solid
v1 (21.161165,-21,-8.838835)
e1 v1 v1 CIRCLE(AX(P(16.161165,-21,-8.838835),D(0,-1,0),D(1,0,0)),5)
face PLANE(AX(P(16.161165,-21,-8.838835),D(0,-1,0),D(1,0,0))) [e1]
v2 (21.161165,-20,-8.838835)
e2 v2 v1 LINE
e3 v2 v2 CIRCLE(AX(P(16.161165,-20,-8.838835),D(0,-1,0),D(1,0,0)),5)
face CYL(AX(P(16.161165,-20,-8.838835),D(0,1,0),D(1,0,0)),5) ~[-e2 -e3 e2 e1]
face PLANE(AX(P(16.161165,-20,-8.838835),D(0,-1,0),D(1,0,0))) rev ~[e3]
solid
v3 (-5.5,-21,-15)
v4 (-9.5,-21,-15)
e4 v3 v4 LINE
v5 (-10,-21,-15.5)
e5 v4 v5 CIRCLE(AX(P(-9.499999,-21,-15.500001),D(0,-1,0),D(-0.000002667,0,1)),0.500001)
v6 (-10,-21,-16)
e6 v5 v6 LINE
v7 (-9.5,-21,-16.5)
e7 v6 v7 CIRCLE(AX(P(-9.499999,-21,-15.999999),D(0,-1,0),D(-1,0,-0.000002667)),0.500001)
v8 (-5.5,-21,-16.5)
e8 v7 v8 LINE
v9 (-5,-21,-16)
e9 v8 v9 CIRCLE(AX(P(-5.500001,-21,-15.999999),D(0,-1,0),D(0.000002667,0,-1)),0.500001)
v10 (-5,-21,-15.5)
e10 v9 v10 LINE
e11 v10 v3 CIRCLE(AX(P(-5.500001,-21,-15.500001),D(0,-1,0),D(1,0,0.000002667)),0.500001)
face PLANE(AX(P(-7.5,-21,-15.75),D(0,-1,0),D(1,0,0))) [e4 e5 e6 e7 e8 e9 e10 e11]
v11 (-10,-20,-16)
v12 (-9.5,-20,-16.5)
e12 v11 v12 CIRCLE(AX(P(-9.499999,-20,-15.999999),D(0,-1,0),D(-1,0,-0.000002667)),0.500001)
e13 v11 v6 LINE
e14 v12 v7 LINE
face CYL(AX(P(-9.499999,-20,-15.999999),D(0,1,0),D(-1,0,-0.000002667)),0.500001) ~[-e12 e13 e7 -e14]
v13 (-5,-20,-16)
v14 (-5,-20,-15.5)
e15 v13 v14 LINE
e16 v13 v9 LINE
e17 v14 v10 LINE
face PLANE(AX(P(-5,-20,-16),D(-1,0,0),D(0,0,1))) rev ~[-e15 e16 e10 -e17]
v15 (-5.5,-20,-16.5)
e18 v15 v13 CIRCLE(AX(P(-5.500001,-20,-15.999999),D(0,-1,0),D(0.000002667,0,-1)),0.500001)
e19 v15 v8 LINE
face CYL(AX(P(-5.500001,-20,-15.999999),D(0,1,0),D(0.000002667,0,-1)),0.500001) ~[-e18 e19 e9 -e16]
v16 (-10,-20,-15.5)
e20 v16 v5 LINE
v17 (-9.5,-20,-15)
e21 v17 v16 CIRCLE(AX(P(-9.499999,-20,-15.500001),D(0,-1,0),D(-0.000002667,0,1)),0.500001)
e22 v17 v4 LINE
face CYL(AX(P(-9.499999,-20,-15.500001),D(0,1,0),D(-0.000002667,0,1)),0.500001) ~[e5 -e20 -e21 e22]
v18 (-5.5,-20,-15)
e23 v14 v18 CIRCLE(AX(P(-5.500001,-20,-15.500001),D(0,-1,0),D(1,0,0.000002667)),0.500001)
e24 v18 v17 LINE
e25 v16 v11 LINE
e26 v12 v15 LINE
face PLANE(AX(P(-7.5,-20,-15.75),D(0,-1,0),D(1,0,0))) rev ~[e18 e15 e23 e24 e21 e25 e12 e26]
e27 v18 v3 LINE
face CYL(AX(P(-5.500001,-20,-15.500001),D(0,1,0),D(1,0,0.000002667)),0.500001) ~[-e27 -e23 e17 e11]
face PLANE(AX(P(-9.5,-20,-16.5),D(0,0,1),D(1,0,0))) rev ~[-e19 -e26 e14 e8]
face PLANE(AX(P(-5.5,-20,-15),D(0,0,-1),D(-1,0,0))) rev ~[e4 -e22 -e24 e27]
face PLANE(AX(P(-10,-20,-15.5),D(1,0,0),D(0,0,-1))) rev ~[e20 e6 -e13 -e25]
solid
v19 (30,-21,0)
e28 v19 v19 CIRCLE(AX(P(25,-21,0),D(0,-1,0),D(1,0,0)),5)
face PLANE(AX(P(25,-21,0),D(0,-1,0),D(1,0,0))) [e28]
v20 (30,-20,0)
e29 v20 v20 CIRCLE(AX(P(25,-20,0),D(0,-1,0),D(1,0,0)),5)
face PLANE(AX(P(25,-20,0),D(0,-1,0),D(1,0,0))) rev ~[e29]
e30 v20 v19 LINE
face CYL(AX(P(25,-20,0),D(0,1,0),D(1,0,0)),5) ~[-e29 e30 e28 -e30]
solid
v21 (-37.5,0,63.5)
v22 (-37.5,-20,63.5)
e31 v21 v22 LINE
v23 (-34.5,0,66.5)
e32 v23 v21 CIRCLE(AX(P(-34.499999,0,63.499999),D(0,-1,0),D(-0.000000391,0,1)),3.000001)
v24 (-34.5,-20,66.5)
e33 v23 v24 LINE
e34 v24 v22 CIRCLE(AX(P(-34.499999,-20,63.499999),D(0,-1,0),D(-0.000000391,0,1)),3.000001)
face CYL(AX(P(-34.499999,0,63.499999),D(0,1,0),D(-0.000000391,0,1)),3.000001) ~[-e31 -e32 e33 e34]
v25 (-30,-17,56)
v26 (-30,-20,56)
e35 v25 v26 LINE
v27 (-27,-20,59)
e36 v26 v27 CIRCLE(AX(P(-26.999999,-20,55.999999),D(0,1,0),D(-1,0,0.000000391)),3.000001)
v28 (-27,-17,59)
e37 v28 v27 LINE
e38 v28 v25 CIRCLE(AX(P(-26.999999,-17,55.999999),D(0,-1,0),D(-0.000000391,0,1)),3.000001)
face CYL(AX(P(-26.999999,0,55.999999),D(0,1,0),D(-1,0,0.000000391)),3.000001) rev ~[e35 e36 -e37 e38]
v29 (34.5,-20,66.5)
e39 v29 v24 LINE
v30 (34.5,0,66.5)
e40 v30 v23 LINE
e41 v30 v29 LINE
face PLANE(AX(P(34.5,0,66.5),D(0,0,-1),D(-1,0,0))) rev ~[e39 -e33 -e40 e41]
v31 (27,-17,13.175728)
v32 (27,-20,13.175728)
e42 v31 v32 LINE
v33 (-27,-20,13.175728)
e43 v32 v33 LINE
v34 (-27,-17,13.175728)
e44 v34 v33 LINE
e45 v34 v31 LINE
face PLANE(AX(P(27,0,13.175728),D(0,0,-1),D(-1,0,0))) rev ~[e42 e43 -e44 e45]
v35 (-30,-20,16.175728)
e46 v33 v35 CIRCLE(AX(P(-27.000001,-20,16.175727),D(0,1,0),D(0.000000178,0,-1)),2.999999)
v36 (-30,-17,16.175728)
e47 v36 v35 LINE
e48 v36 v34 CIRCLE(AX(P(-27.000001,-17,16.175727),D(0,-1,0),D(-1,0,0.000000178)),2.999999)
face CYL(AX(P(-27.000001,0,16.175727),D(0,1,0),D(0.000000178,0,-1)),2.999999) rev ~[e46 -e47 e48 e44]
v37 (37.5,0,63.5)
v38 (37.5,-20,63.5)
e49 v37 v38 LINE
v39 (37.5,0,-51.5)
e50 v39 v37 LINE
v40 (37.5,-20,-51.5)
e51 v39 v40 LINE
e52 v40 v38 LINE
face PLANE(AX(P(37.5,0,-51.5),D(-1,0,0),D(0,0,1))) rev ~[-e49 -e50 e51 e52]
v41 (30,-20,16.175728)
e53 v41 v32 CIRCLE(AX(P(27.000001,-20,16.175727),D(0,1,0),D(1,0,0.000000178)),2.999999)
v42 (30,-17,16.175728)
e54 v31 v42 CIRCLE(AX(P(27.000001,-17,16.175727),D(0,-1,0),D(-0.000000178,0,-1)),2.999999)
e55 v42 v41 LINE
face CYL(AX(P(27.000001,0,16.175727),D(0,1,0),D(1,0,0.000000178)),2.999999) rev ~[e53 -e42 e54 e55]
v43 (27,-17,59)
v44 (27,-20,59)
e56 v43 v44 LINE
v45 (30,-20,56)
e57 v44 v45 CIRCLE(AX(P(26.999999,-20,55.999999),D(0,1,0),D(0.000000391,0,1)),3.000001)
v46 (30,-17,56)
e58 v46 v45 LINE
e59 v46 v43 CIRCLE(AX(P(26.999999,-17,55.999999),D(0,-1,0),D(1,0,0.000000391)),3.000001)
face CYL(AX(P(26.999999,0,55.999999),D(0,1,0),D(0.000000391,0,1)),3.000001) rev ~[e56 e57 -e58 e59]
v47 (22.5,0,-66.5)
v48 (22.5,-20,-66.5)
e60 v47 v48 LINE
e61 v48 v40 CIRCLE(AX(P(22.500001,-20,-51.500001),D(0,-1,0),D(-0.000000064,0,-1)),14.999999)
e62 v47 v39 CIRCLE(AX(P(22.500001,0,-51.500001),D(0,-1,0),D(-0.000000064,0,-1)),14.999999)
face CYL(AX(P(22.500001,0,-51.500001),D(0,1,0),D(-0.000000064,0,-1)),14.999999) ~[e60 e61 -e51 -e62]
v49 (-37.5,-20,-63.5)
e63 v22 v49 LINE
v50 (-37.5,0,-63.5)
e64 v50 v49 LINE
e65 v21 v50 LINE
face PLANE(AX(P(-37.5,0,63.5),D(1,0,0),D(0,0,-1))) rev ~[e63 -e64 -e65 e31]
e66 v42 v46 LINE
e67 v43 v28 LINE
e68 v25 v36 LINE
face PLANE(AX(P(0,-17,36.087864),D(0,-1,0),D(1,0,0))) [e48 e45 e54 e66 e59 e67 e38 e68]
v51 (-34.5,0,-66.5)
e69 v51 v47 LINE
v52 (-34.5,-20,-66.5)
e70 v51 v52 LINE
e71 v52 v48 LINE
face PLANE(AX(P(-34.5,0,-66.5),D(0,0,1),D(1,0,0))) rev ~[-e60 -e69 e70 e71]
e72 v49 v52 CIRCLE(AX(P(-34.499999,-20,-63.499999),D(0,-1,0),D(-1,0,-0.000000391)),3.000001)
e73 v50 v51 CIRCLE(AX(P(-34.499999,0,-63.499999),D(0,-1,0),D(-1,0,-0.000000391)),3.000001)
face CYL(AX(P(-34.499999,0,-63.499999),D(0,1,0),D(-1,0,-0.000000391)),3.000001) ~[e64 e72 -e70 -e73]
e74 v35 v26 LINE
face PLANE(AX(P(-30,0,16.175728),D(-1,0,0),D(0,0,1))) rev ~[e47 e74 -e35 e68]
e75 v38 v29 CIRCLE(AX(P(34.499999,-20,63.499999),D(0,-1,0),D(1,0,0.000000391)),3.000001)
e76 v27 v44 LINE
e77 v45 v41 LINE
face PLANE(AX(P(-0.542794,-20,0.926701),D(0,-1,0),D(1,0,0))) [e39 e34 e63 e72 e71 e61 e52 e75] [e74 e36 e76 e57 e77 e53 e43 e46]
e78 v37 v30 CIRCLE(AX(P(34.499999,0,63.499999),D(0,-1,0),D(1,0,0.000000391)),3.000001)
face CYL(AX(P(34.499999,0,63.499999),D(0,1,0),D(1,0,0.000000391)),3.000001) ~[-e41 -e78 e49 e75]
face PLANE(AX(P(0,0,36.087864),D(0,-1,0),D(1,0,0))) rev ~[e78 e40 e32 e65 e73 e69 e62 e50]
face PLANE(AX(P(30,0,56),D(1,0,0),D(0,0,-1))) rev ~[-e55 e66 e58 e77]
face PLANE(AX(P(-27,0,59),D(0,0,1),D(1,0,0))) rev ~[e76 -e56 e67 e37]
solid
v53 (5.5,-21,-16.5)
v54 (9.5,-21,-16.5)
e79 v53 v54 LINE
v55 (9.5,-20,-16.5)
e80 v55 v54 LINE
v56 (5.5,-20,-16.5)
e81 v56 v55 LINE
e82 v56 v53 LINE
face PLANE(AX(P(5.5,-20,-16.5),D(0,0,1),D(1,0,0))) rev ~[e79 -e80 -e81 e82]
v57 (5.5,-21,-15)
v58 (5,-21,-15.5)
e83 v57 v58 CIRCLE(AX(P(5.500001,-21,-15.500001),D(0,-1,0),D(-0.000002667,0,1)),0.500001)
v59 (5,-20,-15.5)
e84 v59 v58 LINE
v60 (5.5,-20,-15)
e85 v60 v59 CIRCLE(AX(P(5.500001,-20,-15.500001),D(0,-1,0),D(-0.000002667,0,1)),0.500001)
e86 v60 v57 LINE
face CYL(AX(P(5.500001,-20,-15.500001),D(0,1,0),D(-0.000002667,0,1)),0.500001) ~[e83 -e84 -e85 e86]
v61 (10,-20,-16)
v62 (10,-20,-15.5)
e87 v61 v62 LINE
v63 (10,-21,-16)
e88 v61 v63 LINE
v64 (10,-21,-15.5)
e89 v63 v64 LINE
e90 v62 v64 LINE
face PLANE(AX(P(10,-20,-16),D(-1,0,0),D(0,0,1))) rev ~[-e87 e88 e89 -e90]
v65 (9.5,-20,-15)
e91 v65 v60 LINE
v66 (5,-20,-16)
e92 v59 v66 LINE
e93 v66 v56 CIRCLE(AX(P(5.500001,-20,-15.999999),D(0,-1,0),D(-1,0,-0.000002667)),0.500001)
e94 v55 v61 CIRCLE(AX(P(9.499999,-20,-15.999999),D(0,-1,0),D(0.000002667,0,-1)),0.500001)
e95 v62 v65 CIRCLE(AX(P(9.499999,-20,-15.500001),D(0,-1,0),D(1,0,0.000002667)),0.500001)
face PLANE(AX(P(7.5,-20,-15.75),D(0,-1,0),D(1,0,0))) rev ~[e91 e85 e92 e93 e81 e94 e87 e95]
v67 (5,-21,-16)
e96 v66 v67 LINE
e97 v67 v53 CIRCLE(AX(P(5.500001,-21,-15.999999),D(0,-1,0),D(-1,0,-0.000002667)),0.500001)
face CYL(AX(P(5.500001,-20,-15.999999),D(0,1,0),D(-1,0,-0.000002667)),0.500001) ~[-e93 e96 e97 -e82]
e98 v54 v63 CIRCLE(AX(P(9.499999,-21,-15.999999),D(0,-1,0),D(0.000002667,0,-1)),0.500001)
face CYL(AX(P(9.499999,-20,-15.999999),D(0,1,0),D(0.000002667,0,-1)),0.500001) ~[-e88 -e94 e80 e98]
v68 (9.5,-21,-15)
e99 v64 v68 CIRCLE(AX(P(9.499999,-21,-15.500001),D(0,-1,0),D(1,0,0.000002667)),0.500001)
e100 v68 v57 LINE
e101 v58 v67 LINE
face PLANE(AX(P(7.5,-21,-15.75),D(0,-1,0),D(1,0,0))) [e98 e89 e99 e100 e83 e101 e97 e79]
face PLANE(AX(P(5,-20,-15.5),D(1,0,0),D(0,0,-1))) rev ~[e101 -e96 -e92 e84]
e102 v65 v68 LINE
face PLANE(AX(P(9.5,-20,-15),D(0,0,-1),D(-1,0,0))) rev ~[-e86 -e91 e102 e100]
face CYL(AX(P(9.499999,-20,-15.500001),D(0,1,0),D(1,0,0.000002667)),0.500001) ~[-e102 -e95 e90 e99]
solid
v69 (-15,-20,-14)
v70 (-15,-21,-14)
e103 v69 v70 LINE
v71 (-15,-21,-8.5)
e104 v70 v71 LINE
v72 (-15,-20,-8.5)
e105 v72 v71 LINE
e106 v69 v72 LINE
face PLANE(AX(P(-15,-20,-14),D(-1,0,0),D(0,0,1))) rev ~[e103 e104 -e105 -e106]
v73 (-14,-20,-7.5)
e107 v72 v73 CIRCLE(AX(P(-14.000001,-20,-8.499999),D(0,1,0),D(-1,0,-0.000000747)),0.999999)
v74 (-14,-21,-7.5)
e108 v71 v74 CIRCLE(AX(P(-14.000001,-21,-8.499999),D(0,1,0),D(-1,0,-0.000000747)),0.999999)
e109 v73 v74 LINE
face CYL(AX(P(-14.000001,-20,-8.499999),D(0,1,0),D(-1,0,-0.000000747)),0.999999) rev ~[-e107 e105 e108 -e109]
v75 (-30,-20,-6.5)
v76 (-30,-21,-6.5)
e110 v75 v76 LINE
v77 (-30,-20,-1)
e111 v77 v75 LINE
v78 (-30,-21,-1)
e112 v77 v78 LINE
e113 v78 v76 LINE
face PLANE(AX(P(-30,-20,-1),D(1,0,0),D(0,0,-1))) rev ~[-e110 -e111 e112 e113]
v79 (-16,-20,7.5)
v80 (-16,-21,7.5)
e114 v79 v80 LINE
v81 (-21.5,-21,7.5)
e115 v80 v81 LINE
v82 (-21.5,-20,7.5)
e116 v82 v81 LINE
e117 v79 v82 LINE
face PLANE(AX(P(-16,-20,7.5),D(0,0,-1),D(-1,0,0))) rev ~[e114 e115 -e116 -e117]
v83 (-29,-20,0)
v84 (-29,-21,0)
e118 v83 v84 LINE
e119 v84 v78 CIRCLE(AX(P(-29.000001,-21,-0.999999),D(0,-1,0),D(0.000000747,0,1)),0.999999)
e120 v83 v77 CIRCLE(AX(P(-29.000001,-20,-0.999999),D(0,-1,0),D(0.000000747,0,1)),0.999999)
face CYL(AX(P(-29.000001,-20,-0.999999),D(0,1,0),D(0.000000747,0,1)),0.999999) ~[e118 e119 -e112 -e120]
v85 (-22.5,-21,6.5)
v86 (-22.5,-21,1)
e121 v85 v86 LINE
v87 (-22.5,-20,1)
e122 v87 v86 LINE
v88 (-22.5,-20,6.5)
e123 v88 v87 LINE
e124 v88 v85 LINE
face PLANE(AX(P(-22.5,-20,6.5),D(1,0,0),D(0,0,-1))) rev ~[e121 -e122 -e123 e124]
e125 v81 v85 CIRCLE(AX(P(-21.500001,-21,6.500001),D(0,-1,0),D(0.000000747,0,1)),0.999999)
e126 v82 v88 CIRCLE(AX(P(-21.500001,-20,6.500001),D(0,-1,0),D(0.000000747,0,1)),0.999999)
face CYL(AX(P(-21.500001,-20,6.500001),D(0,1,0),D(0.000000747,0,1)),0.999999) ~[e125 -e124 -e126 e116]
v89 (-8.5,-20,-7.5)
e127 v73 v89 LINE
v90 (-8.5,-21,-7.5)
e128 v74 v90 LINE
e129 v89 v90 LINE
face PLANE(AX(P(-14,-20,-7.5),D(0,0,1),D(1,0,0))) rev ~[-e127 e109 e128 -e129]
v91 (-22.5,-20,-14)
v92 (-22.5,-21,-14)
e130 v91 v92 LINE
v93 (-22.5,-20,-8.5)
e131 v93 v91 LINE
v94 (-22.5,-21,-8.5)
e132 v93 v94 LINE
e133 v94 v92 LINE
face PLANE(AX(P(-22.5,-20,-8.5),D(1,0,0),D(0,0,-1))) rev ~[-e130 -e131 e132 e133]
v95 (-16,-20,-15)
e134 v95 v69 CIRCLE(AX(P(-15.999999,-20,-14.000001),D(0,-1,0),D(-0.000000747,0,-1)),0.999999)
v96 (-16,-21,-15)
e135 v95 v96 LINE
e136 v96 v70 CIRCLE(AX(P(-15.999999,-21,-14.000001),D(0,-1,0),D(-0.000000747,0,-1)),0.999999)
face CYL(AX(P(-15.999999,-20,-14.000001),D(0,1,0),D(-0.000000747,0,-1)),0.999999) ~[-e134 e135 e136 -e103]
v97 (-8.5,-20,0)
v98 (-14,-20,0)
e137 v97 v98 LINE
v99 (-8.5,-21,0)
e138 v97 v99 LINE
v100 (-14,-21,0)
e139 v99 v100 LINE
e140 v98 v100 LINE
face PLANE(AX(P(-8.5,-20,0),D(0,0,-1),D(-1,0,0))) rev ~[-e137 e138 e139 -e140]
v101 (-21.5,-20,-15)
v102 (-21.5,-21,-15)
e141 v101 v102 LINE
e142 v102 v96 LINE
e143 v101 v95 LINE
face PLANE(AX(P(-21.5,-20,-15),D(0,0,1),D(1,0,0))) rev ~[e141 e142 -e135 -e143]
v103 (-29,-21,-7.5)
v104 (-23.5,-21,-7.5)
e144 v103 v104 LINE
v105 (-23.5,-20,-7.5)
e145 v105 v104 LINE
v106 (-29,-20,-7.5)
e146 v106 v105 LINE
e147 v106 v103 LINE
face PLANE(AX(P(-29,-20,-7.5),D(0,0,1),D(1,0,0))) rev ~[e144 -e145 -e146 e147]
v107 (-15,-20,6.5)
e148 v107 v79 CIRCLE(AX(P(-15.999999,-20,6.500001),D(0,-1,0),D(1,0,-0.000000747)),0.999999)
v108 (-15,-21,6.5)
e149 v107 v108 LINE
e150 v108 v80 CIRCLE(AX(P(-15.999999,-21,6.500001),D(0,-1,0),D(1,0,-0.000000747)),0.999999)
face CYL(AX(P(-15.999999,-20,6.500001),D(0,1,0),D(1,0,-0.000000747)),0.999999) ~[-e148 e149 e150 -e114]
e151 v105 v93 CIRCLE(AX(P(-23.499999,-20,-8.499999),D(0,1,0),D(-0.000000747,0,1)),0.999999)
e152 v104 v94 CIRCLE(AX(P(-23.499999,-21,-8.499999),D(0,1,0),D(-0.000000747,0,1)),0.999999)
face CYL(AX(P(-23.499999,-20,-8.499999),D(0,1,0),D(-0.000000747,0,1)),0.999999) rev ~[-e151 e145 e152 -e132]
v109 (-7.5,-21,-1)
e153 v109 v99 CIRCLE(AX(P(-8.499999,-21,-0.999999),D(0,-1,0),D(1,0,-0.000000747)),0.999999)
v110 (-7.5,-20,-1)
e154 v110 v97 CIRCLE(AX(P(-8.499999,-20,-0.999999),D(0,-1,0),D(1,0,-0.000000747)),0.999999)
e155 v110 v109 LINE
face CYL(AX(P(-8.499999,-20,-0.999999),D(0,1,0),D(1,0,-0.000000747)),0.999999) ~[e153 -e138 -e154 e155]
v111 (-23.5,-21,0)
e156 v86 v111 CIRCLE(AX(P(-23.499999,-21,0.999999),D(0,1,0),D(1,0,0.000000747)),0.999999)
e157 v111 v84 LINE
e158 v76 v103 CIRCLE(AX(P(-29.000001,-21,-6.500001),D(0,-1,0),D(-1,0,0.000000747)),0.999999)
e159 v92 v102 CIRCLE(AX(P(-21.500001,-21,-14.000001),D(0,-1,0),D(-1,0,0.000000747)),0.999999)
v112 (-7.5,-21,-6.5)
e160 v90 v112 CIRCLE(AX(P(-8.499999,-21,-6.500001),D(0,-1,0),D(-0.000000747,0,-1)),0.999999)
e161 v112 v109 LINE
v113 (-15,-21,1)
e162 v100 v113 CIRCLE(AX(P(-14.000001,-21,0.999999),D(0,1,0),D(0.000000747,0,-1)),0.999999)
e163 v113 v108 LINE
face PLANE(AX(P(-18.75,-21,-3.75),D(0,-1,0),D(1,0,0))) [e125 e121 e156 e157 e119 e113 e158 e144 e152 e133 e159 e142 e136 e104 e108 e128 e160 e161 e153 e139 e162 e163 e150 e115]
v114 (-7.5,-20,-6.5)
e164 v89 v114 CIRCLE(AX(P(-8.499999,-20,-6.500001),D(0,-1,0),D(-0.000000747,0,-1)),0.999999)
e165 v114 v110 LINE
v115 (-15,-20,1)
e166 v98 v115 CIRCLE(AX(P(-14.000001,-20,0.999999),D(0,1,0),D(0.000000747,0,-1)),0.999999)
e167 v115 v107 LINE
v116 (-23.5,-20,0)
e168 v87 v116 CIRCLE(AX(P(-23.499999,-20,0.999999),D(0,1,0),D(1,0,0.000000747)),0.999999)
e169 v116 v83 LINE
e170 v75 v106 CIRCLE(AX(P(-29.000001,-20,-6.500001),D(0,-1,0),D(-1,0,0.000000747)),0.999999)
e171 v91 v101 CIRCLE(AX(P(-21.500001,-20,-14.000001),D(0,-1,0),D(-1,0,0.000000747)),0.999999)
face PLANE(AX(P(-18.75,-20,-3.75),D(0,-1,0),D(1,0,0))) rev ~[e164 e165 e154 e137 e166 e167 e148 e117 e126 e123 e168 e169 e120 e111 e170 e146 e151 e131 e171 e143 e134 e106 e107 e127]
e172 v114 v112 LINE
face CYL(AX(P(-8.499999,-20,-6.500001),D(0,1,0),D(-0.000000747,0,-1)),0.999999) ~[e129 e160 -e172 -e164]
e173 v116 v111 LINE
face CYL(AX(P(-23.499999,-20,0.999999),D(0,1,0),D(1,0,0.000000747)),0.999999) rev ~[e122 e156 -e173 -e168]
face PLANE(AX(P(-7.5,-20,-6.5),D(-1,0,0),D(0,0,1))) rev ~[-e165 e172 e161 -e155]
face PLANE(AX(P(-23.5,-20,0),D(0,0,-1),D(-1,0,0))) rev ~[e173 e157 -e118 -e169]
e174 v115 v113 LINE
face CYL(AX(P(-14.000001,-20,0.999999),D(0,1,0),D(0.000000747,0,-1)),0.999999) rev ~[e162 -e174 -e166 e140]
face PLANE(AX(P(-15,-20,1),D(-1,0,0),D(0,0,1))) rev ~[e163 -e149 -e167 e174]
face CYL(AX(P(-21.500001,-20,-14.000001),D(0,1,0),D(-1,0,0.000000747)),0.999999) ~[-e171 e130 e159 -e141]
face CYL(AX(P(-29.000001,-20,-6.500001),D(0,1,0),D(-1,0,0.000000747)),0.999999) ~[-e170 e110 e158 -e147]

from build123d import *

# Parameters (mm, degrees)
F1_DEPTH = 20
F2_DEPTH = 17
F3_R     = 5
F4_DEPTH = 1


with BuildPart() as f1:
    # F0 (on Front) → F1 (new body)
    with BuildSketch(Plane.XZ):
        with BuildLine():
            ThreePointArc((37.5, 63.5), (36.62132, 65.62132), (34.5, 66.5))
            Line((34.5, 66.5), (-34.5, 66.5))
            ThreePointArc((-34.5, 66.5), (-36.62132, 65.62132), (-37.5, 63.5))
            Line((-37.5, 63.5), (-37.5, -63.5))
            ThreePointArc((-37.5, -63.5), (-36.62132, -65.62132), (-34.5, -66.5))
            Line((-34.5, -66.5), (22.5, -66.5))
            ThreePointArc((22.5, -66.5), (33.106602, -62.106602), (37.5, -51.5))
            Line((37.5, -51.5), (37.5, 63.5))
        make_face()
        with BuildLine():
            ThreePointArc((-30, 56), (-29.12132, 58.12132), (-27, 59))
            Line((-27, 59), (27, 59))
            ThreePointArc((27, 59), (29.12132, 58.12132), (30, 56))
            Line((30, 56), (30, 16.175728))
            ThreePointArc((30, 16.175728), (29.12132, 14.054407), (27, 13.175728))
            Line((27, 13.175728), (-27, 13.175728))
            ThreePointArc((-27, 13.175728), (-29.12132, 14.054407), (-30, 16.175728))
            Line((-30, 16.175728), (-30, 56))
        make_face(mode=Mode.SUBTRACT)
    extrude(amount=F1_DEPTH)

    # F0 (on Front) → F2 (join)
    with BuildSketch(Plane.XZ):
        with BuildLine():
            Line((27, 59), (-27, 59))
            ThreePointArc((-27, 59), (-29.12132, 58.12132), (-30, 56))
            Line((-30, 56), (-30, 16.175728))
            ThreePointArc((-30, 16.175728), (-29.12132, 14.054407), (-27, 13.175728))
            Line((-27, 13.175728), (27, 13.175728))
            ThreePointArc((27, 13.175728), (29.12132, 14.054407), (30, 16.175728))
            Line((30, 16.175728), (30, 56))
            ThreePointArc((30, 56), (29.12132, 58.12132), (27, 59))
        make_face()
    extrude(amount=F2_DEPTH)


with BuildPart() as f4:
    # F3 (on face) → F4 (new body)
    with BuildSketch(Plane.XZ.offset(20)):
        with BuildLine():
            Line((-16, 7.5), (-21.5, 7.5))
            ThreePointArc((-21.5, 7.5), (-22.207107, 7.207107), (-22.5, 6.5))
            Line((-22.5, 6.5), (-22.5, 1))
            ThreePointArc((-22.5, 1), (-22.792893, 0.292893), (-23.5, 0))
            Line((-23.5, 0), (-29, 0))
            ThreePointArc((-29, 0), (-29.707107, -0.292893), (-30, -1))
            Line((-30, -1), (-30, -6.5))
            ThreePointArc((-30, -6.5), (-29.707107, -7.207107), (-29, -7.5))
            Line((-29, -7.5), (-23.5, -7.5))
            ThreePointArc((-23.5, -7.5), (-22.792893, -7.792893), (-22.5, -8.5))
            Line((-22.5, -8.5), (-22.5, -14))
            ThreePointArc((-22.5, -14), (-22.207107, -14.707107), (-21.5, -15))
            Line((-21.5, -15), (-16, -15))
            ThreePointArc((-16, -15), (-15.292893, -14.707107), (-15, -14))
            Line((-15, -14), (-15, -8.5))
            ThreePointArc((-15, -8.5), (-14.707107, -7.792893), (-14, -7.5))
            Line((-14, -7.5), (-8.5, -7.5))
            ThreePointArc((-8.5, -7.5), (-7.792893, -7.207107), (-7.5, -6.5))
            Line((-7.5, -6.5), (-7.5, -1))
            ThreePointArc((-7.5, -1), (-7.792893, -0.292893), (-8.5, 0))
            Line((-8.5, 0), (-14, 0))
            ThreePointArc((-14, 0), (-14.707107, 0.292893), (-15, 1))
            Line((-15, 1), (-15, 6.5))
            ThreePointArc((-15, 6.5), (-15.292893, 7.207107), (-16, 7.5))
        make_face()
        with BuildLine():
            Line((-5.5, -15), (-9.5, -15))
            ThreePointArc((-9.5, -15), (-9.853553, -15.146447), (-10, -15.5))
            Line((-10, -15.5), (-10, -16))
            ThreePointArc((-10, -16), (-9.853553, -16.353553), (-9.5, -16.5))
            Line((-9.5, -16.5), (-5.5, -16.5))
            ThreePointArc((-5.5, -16.5), (-5.146447, -16.353553), (-5, -16))
            Line((-5, -16), (-5, -15.5))
            ThreePointArc((-5, -15.5), (-5.146447, -15.146447), (-5.5, -15))
        make_face()
        with BuildLine():
            Line((9.5, -15), (5.5, -15))
            ThreePointArc((5.5, -15), (5.146447, -15.146447), (5, -15.5))
            Line((5, -15.5), (5, -16))
            ThreePointArc((5, -16), (5.146447, -16.353553), (5.5, -16.5))
            Line((5.5, -16.5), (9.5, -16.5))
            ThreePointArc((9.5, -16.5), (9.853553, -16.353553), (10, -16))
            Line((10, -16), (10, -15.5))
            ThreePointArc((10, -15.5), (9.853553, -15.146447), (9.5, -15))
        make_face()
        with Locations((16.161165, -8.838835)):
            Circle(F3_R)
        with Locations((25, 0)):
            Circle(F3_R)
    extrude(amount=F4_DEPTH)


solid = Compound([f1.part, f4.part])
